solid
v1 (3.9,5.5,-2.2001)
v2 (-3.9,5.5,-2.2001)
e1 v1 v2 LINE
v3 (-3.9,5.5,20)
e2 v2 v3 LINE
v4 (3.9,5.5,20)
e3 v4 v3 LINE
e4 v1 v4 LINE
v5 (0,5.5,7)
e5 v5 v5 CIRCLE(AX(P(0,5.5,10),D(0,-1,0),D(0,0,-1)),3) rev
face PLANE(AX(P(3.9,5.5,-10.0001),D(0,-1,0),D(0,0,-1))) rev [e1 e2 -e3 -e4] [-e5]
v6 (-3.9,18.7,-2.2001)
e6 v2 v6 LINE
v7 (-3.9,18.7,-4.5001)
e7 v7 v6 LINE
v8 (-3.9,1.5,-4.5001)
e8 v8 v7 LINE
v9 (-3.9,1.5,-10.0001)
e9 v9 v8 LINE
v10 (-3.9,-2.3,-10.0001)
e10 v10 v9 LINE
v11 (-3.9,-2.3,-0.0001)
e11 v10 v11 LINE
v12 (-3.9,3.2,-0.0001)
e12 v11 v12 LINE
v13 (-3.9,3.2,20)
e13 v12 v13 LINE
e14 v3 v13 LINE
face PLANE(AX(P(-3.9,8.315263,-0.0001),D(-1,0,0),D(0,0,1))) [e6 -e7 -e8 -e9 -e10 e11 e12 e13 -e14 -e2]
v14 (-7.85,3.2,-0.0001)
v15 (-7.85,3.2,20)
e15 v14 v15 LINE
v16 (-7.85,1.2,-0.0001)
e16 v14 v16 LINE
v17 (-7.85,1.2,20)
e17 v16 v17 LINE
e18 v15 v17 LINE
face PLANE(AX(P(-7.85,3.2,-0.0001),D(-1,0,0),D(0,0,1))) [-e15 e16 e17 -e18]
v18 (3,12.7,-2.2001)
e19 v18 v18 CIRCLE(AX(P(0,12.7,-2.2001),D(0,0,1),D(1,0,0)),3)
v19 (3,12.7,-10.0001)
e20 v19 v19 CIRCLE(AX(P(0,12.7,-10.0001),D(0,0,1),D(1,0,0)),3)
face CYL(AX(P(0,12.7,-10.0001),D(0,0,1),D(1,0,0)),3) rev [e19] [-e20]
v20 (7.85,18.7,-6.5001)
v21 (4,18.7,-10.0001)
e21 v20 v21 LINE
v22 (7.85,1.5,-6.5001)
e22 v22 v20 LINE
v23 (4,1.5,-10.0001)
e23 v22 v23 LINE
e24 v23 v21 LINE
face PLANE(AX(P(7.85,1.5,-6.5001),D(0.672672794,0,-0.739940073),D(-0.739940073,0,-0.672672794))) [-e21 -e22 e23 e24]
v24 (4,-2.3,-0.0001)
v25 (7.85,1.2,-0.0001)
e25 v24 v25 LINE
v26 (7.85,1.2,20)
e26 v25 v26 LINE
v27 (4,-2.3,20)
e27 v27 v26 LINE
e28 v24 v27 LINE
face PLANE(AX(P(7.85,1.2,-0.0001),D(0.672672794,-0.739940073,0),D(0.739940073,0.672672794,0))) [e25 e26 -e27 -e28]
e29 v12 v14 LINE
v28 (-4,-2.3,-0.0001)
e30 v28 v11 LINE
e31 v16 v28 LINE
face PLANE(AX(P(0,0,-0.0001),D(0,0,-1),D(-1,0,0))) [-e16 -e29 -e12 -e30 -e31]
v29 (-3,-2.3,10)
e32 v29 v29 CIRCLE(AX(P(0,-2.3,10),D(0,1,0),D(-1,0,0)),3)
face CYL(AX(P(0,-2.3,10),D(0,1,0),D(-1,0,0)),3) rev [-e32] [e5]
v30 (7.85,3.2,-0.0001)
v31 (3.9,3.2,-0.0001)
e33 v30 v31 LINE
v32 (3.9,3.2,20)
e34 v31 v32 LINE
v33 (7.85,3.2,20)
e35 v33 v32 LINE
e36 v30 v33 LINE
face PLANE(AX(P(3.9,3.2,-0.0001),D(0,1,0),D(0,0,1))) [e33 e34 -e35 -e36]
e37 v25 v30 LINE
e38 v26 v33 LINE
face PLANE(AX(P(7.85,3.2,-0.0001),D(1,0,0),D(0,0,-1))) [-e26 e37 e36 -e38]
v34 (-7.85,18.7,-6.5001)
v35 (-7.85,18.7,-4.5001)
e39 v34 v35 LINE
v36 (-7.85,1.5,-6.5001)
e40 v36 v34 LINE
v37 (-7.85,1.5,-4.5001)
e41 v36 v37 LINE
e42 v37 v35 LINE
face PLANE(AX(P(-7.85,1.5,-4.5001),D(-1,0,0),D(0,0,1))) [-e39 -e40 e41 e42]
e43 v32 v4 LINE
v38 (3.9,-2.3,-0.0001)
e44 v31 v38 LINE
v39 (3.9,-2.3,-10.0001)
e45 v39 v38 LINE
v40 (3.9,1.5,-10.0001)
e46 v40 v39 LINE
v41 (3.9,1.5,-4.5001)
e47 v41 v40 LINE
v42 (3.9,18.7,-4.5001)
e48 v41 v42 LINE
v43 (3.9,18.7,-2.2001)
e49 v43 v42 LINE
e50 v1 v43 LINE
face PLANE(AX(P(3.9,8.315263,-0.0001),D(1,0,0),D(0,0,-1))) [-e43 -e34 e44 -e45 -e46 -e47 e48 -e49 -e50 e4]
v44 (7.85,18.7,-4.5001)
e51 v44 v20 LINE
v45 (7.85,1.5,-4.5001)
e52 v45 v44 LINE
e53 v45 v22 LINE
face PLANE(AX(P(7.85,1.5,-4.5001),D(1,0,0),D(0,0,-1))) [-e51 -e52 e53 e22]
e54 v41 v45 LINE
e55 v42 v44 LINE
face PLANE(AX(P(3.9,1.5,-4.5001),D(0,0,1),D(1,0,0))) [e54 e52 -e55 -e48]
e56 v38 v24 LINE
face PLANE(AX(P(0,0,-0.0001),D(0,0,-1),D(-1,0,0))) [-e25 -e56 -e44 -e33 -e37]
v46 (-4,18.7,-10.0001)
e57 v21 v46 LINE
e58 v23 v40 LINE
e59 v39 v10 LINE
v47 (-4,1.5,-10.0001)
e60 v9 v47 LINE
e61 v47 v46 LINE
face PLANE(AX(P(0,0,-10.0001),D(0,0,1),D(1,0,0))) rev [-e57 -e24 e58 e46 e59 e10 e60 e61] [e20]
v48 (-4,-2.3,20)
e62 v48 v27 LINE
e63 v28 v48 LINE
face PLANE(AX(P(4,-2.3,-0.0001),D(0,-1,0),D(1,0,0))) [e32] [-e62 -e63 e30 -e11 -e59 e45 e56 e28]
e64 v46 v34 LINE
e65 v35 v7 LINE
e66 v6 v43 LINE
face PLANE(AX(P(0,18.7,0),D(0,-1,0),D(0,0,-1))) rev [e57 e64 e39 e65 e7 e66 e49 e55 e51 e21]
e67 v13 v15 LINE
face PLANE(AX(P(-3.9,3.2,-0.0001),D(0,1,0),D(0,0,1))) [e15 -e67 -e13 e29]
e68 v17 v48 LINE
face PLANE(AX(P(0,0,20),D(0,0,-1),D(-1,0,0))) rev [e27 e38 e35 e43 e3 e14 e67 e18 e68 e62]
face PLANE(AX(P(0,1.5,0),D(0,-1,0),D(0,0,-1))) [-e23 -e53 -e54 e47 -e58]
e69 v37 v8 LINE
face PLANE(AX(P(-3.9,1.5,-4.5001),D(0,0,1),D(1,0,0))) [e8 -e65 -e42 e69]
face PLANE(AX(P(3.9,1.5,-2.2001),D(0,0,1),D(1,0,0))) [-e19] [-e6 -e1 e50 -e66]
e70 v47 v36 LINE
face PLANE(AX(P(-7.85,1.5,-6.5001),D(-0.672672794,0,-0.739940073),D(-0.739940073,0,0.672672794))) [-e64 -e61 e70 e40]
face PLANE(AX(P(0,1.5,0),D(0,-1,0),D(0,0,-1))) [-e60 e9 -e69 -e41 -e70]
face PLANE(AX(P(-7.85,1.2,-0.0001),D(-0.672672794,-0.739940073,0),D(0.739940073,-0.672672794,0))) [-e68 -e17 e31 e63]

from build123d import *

# Parameters (mm, degrees)
EXTRUDE_1_DEPTH      = 20
EXTRUDE_1_DEPTH_BACK = 0.0001
SKETCH_2_W           = 7.8
SKETCH_2_H           = 7.8
EXTRUDE_2_DEPTH      = 10
EXTRUDE_3_DEPTH      = 13.2
EXTRUDE_3_DEPTH_BACK = 4
SKETCH_4_R           = 3
CUT_EXTRUDE_1_DEPTH  = 11.615262649
SKETCH_5_R           = 3
CUT_EXTRUDE_2_DEPTH  = 8.8
SKETCH_6_W           = 7.8
SKETCH_6_H           = 2.815262649
CUT_EXTRUDE_3_DEPTH  = 21.0001


with BuildPart() as part:
    # Эскиз1 → Бобышка-Вытянуть1 (new body, two sides)
    with BuildSketch(Plane.XY) as extrude_1_sk:
        Polygon((-3.9, 8.315262649), (3.9, 8.315262649), (3.9, 3.2), (7.85, 3.2), (7.85, 1.2), (4, -2.3), (-4, -2.3), (-7.85, 1.2), (-7.85, 3.2), (-3.9, 3.2), align=None)
    extrude(amount=EXTRUDE_1_DEPTH)
    extrude(extrude_1_sk.sketch, amount=-EXTRUDE_1_DEPTH_BACK)

    # Эскиз2 → Бобышка-Вытянуть2 (add)
    with BuildSketch(Plane(origin=(0, 0, -0.0001), x_dir=(-1, 0, 0), z_dir=(0, 0, -1))):
        with Locations((0, 1.6)):
            Rectangle(SKETCH_2_W, SKETCH_2_H)
    extrude(amount=EXTRUDE_2_DEPTH)

    # Эскиз3 → Бобышка-Вытянуть3 (add, two sides)
    with BuildSketch(Plane(origin=(0, 5.5, 0), x_dir=(1, 0, 0), z_dir=(0, 1, 0))) as extrude_3_sk:
        Polygon((3.9, 2.2001), (-3.9, 2.2001), (-3.9, 4.5001), (-7.85, 4.5001), (-7.85, 6.5001), (-4, 10.0001), (4, 10.0001), (7.85, 6.5001), (7.85, 4.5001), (3.9, 4.5001), align=None)
    extrude(amount=EXTRUDE_3_DEPTH)
    extrude(extrude_3_sk.sketch, amount=-EXTRUDE_3_DEPTH_BACK)

    # Эскиз4 → Вырез-Вытянуть1 (cut, through all)
    with BuildSketch(Plane(origin=(0, 8.315262649, 0), x_dir=(1, 0, 0), z_dir=(0, 1, 0))):
        with Locations(Location((0, -10, 0), (0, 0, 180))):  # turned: the seam where the file's is
            Circle(SKETCH_4_R)
    extrude(amount=-CUT_EXTRUDE_1_DEPTH, mode=Mode.SUBTRACT)

    # Эскиз5 → Вырез-Вытянуть2 (cut, through all)
    with BuildSketch(Plane.XY.offset(-2.2001)):
        with Locations((0, 12.7)):
            Circle(SKETCH_5_R)
    extrude(amount=-CUT_EXTRUDE_2_DEPTH, mode=Mode.SUBTRACT)

    # Эскиз6 → Вырез-Вытянуть3 (cut, through all)
    with BuildSketch(Plane(origin=(0, 0, -0.0001), x_dir=(-1, 0, 0), z_dir=(0, 0, -1))):
        with Locations((0, 6.907631325)):
            Rectangle(SKETCH_6_W, SKETCH_6_H)
    extrude(amount=-CUT_EXTRUDE_3_DEPTH, mode=Mode.SUBTRACT)


solid = part.part
